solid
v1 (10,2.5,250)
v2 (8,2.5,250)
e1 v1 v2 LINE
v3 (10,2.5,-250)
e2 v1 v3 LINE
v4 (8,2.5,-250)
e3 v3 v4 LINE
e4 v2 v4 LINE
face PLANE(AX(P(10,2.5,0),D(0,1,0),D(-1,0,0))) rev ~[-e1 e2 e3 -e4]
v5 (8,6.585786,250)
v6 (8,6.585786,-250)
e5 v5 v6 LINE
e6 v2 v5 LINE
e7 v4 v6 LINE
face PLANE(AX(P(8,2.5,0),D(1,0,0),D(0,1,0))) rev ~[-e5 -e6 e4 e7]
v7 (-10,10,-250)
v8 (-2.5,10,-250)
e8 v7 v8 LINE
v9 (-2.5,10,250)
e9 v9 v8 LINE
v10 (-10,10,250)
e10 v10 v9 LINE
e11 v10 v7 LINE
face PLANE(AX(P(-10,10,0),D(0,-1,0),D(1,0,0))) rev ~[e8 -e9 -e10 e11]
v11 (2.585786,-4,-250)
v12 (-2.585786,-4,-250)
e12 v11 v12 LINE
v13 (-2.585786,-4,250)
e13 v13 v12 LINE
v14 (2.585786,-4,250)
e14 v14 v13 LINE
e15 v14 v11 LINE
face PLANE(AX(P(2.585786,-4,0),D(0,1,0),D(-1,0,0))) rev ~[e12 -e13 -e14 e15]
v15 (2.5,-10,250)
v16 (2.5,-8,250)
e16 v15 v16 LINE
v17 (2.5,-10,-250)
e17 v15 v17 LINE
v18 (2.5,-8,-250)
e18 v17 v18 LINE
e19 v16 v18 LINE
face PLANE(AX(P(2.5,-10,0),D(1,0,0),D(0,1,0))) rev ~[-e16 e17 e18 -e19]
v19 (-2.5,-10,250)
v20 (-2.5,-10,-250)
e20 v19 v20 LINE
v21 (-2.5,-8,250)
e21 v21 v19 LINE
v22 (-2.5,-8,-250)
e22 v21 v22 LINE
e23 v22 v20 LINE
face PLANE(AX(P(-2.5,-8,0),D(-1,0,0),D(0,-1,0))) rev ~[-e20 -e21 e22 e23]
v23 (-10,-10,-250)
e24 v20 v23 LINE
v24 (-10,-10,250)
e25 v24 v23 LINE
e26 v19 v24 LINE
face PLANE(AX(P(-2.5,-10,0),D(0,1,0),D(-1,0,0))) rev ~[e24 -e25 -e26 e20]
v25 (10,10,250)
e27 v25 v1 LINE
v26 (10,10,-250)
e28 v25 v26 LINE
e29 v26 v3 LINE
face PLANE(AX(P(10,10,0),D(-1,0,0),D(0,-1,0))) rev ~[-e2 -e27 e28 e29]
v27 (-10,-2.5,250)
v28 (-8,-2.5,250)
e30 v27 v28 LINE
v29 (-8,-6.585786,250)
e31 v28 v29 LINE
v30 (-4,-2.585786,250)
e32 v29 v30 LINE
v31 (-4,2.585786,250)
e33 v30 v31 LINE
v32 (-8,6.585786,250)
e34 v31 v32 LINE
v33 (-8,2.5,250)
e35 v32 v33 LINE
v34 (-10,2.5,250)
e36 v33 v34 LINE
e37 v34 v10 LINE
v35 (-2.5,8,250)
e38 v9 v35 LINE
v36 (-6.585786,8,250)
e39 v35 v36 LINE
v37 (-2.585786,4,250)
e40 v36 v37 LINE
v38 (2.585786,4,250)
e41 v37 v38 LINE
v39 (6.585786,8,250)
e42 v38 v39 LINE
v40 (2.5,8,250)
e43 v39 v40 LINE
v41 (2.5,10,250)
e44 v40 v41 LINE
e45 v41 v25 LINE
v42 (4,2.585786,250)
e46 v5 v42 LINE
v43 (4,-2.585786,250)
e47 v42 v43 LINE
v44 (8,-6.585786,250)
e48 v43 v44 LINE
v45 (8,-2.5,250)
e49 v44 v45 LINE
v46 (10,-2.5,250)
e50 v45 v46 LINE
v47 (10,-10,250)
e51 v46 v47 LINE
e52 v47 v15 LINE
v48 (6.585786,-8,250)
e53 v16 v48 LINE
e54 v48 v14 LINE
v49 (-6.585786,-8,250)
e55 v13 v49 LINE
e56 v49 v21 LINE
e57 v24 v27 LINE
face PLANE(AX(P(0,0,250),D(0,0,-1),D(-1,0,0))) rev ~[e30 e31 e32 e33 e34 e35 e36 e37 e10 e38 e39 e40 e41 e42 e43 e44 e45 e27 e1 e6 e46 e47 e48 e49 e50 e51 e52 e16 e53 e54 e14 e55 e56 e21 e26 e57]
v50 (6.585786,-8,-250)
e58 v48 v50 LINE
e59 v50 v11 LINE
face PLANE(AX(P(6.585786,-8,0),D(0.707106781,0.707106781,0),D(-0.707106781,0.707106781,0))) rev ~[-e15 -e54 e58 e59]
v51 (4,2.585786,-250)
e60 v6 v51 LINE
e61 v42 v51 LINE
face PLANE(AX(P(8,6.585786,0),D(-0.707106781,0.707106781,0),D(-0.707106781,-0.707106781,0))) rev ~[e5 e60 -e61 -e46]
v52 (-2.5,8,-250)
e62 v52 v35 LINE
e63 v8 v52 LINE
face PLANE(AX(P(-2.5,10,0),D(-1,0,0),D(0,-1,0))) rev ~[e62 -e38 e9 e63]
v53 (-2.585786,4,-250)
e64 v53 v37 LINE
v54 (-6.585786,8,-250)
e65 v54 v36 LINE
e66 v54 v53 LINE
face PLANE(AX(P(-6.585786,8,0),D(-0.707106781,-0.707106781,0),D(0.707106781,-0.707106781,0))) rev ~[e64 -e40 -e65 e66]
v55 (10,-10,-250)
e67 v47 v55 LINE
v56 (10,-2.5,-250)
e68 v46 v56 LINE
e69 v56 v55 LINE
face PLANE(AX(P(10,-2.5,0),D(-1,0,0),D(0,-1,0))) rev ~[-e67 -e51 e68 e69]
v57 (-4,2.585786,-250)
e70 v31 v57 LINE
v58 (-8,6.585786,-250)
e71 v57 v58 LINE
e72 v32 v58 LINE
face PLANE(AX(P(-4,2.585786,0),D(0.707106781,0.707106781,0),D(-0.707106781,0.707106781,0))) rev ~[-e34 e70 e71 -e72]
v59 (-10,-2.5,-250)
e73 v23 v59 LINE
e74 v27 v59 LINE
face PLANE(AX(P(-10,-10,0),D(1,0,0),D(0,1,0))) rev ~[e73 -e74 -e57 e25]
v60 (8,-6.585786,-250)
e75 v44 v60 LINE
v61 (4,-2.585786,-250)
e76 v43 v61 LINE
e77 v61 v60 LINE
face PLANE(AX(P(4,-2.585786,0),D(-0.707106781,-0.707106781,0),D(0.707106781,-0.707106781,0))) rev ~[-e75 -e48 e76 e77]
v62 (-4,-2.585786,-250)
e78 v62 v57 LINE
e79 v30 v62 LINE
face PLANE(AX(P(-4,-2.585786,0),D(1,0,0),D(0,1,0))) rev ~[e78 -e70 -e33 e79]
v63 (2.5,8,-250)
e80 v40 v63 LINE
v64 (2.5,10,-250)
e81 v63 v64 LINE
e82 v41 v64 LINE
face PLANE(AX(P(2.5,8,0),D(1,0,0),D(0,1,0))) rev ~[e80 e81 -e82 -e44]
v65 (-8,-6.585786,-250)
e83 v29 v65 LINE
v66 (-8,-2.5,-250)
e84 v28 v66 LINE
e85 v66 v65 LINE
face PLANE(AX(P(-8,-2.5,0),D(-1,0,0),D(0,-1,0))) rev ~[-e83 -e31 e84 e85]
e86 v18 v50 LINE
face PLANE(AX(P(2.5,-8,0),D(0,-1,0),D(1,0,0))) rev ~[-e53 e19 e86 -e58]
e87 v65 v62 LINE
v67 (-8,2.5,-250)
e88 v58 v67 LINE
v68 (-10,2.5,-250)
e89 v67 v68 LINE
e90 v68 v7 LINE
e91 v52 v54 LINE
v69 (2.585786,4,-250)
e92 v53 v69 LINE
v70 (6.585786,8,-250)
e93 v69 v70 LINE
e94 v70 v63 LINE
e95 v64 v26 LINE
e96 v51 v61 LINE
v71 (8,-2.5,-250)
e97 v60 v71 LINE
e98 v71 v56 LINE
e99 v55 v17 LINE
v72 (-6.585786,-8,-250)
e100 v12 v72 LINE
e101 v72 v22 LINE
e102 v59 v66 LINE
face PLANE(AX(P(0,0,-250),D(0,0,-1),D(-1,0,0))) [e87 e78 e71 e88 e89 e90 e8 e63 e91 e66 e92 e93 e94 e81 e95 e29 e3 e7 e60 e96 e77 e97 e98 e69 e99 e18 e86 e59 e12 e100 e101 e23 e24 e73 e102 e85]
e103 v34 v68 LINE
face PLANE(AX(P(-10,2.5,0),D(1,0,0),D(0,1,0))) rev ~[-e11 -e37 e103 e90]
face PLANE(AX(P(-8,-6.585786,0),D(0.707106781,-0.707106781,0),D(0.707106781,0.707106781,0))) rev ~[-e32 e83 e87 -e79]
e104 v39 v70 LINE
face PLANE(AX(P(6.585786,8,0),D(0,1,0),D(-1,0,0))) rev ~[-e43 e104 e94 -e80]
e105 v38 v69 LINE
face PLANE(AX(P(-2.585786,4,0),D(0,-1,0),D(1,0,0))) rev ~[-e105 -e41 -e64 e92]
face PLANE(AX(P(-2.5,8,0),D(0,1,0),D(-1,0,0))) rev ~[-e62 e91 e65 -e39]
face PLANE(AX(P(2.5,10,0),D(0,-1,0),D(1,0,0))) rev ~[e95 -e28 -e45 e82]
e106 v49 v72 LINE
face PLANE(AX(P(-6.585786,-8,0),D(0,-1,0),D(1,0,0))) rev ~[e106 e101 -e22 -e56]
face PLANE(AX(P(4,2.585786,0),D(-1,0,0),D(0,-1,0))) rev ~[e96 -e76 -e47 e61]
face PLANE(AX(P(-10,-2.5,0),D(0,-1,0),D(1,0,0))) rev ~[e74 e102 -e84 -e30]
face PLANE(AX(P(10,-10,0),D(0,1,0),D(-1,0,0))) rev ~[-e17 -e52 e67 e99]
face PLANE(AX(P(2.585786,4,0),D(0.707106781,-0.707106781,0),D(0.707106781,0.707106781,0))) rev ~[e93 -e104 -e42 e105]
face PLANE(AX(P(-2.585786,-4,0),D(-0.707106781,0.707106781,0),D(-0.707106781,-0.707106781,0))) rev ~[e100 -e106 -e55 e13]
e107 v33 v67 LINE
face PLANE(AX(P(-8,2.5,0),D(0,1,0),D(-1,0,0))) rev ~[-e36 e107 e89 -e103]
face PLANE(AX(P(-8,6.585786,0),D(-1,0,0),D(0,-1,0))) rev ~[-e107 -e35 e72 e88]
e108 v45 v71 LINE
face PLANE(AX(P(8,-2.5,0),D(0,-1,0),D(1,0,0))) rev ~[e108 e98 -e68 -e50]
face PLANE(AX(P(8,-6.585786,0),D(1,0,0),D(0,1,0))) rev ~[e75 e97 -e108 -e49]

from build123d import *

# Parameters (mm, degrees)
BOSS_EXTRUDE1_DEPTH = 250


with BuildPart() as part:
    # Sketch1 → Boss-Extrude1 (new body, symmetric)
    with BuildSketch(Plane.XY):
        Polygon((-2.585786438, 4), (2.585786438, 4), (6.585786438, 8), (2.5, 8), (2.5, 10), (10, 10), (10, 2.5), (8, 2.5), (8, 6.585786438), (4, 2.585786438), (4, -2.585786438), (8, -6.585786438), (8, -2.5), (10, -2.5), (10, -10), (2.5, -10), (2.5, -8), (6.585786438, -8), (2.585786438, -4), (-2.585786438, -4), (-6.585786438, -8), (-2.5, -8), (-2.5, -10), (-10, -10), (-10, -2.5), (-8, -2.5), (-8, -6.585786438), (-4, -2.585786438), (-4, 2.585786438), (-8, 6.585786438), (-8, 2.5), (-10, 2.5), (-10, 10), (-2.5, 10), (-2.5, 8), (-6.585786438, 8), align=None)
    extrude(amount=BOSS_EXTRUDE1_DEPTH, both=True)


solid = part.part
